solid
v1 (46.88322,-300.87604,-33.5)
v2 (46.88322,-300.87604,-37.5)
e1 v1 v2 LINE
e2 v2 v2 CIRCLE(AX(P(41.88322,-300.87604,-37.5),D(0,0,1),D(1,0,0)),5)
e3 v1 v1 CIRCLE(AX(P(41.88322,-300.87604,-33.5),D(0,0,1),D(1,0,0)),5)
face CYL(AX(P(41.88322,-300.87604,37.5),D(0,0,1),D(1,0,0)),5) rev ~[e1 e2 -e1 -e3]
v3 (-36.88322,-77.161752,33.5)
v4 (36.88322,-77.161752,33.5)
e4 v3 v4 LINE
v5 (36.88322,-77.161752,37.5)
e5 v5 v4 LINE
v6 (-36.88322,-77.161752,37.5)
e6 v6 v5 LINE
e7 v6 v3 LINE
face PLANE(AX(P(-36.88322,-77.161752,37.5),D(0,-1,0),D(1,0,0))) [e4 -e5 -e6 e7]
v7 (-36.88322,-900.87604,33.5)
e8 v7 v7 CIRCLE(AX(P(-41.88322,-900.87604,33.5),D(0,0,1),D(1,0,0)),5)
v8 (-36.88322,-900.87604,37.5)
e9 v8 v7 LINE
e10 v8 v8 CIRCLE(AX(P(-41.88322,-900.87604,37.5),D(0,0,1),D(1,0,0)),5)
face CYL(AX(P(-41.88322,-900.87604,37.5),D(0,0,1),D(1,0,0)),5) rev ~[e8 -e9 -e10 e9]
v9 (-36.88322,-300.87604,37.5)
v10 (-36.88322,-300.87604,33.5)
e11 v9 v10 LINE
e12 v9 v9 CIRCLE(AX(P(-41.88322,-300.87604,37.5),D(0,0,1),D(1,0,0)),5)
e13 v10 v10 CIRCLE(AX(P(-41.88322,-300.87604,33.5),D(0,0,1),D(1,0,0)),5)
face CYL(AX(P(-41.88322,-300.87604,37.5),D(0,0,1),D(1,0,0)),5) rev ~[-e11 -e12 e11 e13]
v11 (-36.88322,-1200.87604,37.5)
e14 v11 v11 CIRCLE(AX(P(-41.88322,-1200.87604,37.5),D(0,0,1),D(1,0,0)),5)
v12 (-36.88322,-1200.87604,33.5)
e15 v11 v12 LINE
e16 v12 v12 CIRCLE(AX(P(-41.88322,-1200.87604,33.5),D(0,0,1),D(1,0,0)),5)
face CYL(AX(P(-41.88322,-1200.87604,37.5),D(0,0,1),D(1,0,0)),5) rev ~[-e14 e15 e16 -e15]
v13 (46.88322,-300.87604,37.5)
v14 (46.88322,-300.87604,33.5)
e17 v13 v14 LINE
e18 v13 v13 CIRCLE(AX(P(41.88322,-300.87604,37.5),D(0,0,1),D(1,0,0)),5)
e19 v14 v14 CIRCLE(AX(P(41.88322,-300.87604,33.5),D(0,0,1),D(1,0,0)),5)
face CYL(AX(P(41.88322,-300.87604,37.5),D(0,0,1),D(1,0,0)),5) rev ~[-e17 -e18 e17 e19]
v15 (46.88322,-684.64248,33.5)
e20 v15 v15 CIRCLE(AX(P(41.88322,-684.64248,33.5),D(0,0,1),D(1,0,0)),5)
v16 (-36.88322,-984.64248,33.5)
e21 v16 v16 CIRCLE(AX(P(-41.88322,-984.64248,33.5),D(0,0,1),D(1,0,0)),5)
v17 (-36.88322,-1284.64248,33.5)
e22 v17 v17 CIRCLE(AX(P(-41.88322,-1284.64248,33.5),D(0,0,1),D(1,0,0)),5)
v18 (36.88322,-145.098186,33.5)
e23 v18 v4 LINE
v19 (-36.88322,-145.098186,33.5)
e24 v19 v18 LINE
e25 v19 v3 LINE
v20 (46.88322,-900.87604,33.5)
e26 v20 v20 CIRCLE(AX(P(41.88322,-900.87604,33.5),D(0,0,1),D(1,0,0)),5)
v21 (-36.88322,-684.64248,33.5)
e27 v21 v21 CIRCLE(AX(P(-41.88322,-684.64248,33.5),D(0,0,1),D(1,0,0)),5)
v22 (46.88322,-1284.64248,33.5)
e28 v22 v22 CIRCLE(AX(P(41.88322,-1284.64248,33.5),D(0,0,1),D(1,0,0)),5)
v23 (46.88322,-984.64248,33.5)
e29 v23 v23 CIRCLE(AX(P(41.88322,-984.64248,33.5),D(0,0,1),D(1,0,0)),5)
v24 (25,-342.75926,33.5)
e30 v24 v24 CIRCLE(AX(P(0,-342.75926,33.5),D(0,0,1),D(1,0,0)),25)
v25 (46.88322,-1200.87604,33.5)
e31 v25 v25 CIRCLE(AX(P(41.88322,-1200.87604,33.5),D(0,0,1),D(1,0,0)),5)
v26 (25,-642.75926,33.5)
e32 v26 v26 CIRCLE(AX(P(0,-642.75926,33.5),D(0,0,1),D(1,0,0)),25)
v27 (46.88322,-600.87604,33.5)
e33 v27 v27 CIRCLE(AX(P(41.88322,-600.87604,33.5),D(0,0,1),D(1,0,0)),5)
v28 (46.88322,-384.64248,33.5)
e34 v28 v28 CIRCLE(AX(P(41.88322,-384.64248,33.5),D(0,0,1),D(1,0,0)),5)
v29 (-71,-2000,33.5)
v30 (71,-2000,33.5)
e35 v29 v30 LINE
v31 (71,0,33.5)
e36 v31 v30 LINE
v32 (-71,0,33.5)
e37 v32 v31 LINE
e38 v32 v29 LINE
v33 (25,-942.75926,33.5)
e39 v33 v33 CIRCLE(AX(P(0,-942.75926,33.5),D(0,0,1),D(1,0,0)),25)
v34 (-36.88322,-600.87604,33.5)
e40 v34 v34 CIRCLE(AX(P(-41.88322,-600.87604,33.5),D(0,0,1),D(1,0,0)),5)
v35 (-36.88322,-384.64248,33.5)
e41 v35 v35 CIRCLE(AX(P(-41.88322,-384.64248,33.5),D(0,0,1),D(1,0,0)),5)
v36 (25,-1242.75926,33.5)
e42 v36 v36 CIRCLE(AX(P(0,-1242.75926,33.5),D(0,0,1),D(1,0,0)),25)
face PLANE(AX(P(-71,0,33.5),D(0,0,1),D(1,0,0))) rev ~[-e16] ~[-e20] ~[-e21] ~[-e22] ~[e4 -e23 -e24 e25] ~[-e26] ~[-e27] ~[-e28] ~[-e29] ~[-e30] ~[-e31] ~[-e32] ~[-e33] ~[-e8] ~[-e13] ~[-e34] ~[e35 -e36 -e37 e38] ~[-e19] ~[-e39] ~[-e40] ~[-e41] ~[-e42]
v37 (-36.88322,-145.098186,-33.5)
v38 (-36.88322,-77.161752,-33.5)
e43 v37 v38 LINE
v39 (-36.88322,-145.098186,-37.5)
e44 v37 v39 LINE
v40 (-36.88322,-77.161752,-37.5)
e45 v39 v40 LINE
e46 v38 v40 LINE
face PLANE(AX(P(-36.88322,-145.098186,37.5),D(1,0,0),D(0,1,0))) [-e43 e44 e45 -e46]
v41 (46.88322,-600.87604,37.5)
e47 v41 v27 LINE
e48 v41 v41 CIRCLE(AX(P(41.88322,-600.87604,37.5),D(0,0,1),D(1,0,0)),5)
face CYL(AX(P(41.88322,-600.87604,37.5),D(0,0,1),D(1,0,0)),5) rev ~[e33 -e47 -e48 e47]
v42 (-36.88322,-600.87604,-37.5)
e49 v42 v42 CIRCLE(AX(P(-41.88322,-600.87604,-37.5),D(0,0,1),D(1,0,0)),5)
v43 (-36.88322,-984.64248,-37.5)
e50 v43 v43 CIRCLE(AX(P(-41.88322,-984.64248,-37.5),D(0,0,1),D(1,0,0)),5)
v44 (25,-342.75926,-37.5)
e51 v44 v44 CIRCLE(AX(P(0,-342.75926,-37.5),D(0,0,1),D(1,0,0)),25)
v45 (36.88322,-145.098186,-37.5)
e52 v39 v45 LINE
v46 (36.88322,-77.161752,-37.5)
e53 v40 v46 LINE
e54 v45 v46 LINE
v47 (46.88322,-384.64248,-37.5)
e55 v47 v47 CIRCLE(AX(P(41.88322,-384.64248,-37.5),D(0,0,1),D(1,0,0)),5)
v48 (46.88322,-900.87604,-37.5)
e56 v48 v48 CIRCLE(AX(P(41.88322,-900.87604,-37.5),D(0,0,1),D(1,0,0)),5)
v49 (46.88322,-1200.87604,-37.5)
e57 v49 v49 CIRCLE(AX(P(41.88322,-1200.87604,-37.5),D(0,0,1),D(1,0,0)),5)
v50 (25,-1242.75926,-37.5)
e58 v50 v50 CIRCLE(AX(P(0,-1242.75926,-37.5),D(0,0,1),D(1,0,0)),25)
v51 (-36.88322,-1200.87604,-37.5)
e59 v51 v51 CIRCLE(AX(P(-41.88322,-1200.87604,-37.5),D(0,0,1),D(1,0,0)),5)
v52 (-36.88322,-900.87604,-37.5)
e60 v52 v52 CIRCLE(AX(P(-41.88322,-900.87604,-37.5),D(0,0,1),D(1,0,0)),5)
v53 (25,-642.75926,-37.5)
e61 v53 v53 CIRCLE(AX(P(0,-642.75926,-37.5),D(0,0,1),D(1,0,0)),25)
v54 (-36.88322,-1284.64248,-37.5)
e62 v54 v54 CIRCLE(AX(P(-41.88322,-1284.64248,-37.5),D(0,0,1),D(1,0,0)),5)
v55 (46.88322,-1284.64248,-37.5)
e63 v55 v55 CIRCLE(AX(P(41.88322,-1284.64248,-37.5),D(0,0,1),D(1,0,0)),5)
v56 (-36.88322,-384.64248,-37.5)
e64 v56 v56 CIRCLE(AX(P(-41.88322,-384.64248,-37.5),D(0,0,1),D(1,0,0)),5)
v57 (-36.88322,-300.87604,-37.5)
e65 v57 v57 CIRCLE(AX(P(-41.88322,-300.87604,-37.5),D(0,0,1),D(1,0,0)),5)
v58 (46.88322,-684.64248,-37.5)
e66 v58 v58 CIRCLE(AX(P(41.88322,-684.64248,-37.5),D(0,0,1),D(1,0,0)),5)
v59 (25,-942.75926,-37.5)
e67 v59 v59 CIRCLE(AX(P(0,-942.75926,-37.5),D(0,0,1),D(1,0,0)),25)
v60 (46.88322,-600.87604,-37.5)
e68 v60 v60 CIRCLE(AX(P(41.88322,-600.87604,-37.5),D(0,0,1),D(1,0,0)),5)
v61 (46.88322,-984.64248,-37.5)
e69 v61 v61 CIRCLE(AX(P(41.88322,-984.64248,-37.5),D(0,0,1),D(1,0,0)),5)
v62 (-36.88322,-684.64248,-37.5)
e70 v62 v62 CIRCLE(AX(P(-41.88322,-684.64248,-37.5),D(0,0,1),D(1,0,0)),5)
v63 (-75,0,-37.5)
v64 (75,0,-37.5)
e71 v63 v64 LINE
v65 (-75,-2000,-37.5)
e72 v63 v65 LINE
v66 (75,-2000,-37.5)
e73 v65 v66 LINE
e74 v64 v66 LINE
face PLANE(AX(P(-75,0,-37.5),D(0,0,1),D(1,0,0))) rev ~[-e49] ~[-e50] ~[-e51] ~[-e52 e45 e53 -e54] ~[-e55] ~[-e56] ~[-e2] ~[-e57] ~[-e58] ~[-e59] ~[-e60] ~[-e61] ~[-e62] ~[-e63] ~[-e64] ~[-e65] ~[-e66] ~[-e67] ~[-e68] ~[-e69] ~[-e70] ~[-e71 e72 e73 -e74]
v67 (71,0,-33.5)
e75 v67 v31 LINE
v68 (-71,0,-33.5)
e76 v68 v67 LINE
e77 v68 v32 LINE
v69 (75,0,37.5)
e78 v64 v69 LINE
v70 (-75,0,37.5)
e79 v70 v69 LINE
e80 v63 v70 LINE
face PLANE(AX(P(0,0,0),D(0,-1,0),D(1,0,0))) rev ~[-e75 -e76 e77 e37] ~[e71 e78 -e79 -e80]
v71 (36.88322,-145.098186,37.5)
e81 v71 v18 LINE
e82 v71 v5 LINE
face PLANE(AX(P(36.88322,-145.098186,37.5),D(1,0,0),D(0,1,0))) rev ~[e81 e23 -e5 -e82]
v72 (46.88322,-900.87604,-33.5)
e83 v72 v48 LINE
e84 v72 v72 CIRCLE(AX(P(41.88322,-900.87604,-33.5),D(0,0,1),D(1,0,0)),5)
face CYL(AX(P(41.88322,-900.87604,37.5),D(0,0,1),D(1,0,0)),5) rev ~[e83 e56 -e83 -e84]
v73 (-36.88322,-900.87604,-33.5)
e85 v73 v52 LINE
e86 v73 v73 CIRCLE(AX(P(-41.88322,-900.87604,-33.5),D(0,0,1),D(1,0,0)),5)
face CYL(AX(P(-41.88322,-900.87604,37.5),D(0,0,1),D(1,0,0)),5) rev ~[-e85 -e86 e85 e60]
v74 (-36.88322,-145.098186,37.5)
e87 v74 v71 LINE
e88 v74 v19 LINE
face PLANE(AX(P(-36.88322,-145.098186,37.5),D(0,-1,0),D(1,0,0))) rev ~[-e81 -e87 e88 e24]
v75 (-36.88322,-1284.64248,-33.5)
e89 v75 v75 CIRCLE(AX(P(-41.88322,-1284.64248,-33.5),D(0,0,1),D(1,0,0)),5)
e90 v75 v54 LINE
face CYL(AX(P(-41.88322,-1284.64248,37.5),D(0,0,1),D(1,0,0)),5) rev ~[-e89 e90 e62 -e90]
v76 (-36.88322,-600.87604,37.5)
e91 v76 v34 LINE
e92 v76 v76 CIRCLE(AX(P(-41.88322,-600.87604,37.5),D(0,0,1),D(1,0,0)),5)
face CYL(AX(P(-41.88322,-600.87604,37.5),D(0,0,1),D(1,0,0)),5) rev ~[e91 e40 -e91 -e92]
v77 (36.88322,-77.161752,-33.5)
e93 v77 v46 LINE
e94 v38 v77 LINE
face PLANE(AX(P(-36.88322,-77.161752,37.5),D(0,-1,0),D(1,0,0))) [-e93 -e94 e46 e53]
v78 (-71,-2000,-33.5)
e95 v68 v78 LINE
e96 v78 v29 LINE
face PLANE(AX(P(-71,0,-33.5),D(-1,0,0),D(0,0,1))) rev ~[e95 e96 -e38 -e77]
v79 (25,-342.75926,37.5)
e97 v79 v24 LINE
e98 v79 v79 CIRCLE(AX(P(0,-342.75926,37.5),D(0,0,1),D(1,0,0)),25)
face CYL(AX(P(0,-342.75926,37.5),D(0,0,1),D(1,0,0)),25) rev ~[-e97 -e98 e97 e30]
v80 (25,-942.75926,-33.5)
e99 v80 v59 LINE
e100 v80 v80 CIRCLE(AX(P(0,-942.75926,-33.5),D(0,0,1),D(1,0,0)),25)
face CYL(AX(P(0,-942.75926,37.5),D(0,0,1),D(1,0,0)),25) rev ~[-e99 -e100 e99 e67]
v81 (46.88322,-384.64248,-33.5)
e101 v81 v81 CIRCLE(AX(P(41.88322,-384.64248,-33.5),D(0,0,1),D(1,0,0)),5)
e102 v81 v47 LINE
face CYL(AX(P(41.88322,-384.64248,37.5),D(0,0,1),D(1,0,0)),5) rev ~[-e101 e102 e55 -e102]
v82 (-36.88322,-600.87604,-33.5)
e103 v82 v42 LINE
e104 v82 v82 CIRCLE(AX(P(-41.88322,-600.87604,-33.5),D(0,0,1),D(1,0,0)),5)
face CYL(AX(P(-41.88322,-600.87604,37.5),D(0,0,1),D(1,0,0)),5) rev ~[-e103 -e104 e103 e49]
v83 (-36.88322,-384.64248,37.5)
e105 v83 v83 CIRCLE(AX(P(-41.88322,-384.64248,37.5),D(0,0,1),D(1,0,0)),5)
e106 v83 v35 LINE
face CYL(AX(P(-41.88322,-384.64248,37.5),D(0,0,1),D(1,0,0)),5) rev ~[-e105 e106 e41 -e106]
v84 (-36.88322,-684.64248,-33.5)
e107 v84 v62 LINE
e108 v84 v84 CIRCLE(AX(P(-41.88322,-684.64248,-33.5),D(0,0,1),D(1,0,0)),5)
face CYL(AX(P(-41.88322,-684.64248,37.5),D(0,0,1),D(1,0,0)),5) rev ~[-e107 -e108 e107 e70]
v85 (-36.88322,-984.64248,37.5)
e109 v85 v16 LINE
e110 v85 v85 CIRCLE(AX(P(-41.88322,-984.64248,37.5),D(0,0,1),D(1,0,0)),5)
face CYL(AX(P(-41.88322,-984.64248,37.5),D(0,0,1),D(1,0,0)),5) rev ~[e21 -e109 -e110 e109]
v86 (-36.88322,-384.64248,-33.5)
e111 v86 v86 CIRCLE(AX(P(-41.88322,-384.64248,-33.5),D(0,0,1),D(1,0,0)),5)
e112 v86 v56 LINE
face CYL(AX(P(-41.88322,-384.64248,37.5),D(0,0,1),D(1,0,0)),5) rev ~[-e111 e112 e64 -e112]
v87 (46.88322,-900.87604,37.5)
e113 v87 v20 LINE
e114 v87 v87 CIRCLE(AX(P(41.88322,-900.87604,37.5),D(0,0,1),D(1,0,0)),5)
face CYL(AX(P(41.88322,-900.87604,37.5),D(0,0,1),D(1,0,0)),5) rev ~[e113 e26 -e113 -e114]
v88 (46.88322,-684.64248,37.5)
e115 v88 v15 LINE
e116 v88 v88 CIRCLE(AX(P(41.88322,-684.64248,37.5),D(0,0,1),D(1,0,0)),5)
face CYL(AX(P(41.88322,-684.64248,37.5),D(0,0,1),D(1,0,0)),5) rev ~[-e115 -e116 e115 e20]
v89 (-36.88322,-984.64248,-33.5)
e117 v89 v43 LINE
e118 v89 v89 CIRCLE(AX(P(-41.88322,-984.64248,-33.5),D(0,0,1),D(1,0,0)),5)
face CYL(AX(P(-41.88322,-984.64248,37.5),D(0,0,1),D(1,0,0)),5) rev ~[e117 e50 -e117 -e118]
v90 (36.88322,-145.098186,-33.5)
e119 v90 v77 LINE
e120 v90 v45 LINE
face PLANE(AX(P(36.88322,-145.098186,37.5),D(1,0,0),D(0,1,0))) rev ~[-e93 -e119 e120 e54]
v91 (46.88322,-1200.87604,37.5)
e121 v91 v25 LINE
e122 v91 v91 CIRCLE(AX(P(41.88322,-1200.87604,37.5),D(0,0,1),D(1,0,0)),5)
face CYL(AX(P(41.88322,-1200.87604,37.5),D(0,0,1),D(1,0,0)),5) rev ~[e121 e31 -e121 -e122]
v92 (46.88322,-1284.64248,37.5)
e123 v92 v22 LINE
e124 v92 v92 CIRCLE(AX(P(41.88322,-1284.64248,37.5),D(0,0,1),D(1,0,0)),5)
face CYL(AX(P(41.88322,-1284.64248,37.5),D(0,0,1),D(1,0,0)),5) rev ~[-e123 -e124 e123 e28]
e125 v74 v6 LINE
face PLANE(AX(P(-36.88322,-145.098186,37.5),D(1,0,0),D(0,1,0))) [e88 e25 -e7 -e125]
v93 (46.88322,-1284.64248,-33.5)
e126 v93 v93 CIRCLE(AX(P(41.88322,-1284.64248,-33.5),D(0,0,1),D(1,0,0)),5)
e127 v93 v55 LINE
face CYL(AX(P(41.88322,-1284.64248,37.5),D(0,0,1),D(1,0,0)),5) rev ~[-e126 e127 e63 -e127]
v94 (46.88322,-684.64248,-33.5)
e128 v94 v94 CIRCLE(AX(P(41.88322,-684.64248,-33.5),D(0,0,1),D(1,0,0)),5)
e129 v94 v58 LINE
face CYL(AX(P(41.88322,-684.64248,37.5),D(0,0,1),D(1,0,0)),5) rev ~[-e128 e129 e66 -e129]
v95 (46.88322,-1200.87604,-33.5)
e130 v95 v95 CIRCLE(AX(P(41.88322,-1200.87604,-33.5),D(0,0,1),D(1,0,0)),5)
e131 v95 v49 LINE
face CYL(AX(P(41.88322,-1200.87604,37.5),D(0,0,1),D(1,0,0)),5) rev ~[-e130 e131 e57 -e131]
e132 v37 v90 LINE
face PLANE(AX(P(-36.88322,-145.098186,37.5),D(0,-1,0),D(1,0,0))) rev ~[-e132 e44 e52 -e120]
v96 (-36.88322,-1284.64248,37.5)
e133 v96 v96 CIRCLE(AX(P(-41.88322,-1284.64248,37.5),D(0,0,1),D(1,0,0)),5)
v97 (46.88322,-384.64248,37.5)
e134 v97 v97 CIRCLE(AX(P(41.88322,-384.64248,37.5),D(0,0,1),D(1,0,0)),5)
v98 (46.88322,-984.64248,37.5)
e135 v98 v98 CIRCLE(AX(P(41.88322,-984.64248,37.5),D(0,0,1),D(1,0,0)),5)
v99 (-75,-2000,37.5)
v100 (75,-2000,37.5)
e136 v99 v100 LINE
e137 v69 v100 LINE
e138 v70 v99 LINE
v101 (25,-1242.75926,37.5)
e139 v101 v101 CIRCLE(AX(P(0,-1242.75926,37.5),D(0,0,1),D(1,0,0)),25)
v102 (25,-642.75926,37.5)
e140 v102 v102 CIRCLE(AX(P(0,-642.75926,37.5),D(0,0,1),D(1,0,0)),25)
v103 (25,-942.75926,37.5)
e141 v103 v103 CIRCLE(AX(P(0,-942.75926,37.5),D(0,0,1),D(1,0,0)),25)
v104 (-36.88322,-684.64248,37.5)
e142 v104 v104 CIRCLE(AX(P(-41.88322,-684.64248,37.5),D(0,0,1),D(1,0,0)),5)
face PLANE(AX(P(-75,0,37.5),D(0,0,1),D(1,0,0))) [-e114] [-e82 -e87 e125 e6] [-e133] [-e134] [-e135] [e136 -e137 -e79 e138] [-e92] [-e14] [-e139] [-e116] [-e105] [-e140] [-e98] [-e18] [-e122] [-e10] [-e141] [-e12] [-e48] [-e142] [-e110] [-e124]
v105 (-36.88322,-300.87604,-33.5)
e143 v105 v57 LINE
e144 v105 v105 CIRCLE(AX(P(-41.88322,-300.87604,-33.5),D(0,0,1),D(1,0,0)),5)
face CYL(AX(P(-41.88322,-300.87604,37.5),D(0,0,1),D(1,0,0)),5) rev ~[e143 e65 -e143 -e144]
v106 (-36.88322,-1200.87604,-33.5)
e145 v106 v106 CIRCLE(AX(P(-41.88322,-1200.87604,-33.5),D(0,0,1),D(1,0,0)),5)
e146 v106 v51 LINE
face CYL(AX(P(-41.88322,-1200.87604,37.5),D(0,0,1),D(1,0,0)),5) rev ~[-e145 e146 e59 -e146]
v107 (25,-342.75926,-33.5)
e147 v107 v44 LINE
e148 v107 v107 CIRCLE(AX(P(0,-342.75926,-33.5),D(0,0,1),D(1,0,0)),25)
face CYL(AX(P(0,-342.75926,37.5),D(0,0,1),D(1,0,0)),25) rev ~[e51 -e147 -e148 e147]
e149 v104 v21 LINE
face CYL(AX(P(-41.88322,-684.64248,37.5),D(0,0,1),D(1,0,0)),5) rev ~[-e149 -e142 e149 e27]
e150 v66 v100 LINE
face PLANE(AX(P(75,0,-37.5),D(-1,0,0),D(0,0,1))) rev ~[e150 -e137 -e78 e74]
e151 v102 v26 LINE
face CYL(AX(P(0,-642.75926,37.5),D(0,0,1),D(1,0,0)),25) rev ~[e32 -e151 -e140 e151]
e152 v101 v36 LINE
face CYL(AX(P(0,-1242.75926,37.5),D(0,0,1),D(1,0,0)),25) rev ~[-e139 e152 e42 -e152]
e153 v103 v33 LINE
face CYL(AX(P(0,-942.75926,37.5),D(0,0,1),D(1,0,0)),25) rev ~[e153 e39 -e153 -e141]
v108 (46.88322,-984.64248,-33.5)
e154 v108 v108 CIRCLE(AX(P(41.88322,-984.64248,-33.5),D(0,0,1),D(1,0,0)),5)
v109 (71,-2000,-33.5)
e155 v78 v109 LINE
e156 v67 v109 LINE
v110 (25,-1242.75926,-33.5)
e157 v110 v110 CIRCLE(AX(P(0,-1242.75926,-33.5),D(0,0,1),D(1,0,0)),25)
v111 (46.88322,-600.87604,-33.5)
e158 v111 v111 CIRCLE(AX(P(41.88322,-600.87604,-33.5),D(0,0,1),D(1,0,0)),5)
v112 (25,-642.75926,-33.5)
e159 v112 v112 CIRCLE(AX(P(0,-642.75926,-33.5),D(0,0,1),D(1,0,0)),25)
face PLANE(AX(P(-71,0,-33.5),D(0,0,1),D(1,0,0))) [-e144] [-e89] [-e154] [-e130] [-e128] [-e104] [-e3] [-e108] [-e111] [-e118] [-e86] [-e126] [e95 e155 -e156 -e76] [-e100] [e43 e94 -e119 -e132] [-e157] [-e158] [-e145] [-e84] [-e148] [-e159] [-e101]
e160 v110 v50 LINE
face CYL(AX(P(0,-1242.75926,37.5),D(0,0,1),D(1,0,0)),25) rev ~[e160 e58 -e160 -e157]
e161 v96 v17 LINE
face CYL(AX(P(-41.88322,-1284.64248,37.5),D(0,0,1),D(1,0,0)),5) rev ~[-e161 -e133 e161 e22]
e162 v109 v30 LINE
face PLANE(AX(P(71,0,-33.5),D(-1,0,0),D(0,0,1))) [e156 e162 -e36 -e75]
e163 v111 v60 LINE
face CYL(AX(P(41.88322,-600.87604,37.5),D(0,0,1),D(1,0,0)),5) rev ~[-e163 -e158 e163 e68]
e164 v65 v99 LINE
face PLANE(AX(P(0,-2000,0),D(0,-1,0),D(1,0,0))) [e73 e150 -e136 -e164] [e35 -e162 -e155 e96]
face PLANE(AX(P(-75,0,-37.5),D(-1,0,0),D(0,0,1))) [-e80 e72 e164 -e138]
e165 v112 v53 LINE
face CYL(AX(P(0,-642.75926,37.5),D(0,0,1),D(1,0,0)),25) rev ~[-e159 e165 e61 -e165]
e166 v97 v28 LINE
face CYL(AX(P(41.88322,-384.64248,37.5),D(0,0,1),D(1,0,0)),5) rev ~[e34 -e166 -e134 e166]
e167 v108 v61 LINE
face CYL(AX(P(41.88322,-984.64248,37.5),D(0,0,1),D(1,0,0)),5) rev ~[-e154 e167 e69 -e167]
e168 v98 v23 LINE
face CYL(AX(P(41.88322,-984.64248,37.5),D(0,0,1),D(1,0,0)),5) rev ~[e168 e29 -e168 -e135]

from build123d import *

# Parameters (mm, degrees)
F0_W     = 150
F0_H     = 75
F0_W_2   = 142
F0_H_2   = 67
F1_DEPTH = 2000
F2_W     = 73.76644
F2_H     = 67.936434
F2_R     = 25
F2_R_2   = 5
F3_DEPTH = 75.001


with BuildPart() as f1:
    # F0 (on Front) → F1 (new body)
    with BuildSketch(Plane.XZ):
        Rectangle(F0_W, F0_H)
        Rectangle(F0_W_2, F0_H_2, mode=Mode.SUBTRACT)
    extrude(amount=F1_DEPTH)

    # F2 (on face) → F3 (cut, through all)
    with BuildSketch(Plane.XY.offset(37.5)):
        with Locations((0, -111.129969)):
            Rectangle(F2_W, F2_H)
        with Locations((0, -342.75926)):
            Circle(F2_R)
        with Locations((-41.88322, -300.87604)):
            Circle(F2_R_2)
        with Locations((41.88322, -300.87604)):
            Circle(F2_R_2)
        with Locations((41.88322, -384.64248)):
            Circle(F2_R_2)
        with Locations((-41.88322, -384.64248)):
            Circle(F2_R_2)
        with Locations((-41.88322, -684.64248)):
            Circle(F2_R_2)
        with Locations((41.88322, -684.64248)):
            Circle(F2_R_2)
        with Locations((41.88322, -600.87604)):
            Circle(F2_R_2)
        with Locations((-41.88322, -600.87604)):
            Circle(F2_R_2)
        with Locations((0, -642.75926)):
            Circle(F2_R)
        with Locations((-41.88322, -984.64248)):
            Circle(F2_R_2)
        with Locations((41.88322, -984.64248)):
            Circle(F2_R_2)
        with Locations((41.88322, -900.87604)):
            Circle(F2_R_2)
        with Locations((-41.88322, -900.87604)):
            Circle(F2_R_2)
        with Locations((0, -942.75926)):
            Circle(F2_R)
        with Locations((-41.88322, -1284.64248)):
            Circle(F2_R_2)
        with Locations((41.88322, -1284.64248)):
            Circle(F2_R_2)
        with Locations((41.88322, -1200.87604)):
            Circle(F2_R_2)
        with Locations((-41.88322, -1200.87604)):
            Circle(F2_R_2)
        with Locations((0, -1242.75926)):
            Circle(F2_R)
    extrude(amount=-F3_DEPTH, mode=Mode.SUBTRACT)


solid = f1.part
